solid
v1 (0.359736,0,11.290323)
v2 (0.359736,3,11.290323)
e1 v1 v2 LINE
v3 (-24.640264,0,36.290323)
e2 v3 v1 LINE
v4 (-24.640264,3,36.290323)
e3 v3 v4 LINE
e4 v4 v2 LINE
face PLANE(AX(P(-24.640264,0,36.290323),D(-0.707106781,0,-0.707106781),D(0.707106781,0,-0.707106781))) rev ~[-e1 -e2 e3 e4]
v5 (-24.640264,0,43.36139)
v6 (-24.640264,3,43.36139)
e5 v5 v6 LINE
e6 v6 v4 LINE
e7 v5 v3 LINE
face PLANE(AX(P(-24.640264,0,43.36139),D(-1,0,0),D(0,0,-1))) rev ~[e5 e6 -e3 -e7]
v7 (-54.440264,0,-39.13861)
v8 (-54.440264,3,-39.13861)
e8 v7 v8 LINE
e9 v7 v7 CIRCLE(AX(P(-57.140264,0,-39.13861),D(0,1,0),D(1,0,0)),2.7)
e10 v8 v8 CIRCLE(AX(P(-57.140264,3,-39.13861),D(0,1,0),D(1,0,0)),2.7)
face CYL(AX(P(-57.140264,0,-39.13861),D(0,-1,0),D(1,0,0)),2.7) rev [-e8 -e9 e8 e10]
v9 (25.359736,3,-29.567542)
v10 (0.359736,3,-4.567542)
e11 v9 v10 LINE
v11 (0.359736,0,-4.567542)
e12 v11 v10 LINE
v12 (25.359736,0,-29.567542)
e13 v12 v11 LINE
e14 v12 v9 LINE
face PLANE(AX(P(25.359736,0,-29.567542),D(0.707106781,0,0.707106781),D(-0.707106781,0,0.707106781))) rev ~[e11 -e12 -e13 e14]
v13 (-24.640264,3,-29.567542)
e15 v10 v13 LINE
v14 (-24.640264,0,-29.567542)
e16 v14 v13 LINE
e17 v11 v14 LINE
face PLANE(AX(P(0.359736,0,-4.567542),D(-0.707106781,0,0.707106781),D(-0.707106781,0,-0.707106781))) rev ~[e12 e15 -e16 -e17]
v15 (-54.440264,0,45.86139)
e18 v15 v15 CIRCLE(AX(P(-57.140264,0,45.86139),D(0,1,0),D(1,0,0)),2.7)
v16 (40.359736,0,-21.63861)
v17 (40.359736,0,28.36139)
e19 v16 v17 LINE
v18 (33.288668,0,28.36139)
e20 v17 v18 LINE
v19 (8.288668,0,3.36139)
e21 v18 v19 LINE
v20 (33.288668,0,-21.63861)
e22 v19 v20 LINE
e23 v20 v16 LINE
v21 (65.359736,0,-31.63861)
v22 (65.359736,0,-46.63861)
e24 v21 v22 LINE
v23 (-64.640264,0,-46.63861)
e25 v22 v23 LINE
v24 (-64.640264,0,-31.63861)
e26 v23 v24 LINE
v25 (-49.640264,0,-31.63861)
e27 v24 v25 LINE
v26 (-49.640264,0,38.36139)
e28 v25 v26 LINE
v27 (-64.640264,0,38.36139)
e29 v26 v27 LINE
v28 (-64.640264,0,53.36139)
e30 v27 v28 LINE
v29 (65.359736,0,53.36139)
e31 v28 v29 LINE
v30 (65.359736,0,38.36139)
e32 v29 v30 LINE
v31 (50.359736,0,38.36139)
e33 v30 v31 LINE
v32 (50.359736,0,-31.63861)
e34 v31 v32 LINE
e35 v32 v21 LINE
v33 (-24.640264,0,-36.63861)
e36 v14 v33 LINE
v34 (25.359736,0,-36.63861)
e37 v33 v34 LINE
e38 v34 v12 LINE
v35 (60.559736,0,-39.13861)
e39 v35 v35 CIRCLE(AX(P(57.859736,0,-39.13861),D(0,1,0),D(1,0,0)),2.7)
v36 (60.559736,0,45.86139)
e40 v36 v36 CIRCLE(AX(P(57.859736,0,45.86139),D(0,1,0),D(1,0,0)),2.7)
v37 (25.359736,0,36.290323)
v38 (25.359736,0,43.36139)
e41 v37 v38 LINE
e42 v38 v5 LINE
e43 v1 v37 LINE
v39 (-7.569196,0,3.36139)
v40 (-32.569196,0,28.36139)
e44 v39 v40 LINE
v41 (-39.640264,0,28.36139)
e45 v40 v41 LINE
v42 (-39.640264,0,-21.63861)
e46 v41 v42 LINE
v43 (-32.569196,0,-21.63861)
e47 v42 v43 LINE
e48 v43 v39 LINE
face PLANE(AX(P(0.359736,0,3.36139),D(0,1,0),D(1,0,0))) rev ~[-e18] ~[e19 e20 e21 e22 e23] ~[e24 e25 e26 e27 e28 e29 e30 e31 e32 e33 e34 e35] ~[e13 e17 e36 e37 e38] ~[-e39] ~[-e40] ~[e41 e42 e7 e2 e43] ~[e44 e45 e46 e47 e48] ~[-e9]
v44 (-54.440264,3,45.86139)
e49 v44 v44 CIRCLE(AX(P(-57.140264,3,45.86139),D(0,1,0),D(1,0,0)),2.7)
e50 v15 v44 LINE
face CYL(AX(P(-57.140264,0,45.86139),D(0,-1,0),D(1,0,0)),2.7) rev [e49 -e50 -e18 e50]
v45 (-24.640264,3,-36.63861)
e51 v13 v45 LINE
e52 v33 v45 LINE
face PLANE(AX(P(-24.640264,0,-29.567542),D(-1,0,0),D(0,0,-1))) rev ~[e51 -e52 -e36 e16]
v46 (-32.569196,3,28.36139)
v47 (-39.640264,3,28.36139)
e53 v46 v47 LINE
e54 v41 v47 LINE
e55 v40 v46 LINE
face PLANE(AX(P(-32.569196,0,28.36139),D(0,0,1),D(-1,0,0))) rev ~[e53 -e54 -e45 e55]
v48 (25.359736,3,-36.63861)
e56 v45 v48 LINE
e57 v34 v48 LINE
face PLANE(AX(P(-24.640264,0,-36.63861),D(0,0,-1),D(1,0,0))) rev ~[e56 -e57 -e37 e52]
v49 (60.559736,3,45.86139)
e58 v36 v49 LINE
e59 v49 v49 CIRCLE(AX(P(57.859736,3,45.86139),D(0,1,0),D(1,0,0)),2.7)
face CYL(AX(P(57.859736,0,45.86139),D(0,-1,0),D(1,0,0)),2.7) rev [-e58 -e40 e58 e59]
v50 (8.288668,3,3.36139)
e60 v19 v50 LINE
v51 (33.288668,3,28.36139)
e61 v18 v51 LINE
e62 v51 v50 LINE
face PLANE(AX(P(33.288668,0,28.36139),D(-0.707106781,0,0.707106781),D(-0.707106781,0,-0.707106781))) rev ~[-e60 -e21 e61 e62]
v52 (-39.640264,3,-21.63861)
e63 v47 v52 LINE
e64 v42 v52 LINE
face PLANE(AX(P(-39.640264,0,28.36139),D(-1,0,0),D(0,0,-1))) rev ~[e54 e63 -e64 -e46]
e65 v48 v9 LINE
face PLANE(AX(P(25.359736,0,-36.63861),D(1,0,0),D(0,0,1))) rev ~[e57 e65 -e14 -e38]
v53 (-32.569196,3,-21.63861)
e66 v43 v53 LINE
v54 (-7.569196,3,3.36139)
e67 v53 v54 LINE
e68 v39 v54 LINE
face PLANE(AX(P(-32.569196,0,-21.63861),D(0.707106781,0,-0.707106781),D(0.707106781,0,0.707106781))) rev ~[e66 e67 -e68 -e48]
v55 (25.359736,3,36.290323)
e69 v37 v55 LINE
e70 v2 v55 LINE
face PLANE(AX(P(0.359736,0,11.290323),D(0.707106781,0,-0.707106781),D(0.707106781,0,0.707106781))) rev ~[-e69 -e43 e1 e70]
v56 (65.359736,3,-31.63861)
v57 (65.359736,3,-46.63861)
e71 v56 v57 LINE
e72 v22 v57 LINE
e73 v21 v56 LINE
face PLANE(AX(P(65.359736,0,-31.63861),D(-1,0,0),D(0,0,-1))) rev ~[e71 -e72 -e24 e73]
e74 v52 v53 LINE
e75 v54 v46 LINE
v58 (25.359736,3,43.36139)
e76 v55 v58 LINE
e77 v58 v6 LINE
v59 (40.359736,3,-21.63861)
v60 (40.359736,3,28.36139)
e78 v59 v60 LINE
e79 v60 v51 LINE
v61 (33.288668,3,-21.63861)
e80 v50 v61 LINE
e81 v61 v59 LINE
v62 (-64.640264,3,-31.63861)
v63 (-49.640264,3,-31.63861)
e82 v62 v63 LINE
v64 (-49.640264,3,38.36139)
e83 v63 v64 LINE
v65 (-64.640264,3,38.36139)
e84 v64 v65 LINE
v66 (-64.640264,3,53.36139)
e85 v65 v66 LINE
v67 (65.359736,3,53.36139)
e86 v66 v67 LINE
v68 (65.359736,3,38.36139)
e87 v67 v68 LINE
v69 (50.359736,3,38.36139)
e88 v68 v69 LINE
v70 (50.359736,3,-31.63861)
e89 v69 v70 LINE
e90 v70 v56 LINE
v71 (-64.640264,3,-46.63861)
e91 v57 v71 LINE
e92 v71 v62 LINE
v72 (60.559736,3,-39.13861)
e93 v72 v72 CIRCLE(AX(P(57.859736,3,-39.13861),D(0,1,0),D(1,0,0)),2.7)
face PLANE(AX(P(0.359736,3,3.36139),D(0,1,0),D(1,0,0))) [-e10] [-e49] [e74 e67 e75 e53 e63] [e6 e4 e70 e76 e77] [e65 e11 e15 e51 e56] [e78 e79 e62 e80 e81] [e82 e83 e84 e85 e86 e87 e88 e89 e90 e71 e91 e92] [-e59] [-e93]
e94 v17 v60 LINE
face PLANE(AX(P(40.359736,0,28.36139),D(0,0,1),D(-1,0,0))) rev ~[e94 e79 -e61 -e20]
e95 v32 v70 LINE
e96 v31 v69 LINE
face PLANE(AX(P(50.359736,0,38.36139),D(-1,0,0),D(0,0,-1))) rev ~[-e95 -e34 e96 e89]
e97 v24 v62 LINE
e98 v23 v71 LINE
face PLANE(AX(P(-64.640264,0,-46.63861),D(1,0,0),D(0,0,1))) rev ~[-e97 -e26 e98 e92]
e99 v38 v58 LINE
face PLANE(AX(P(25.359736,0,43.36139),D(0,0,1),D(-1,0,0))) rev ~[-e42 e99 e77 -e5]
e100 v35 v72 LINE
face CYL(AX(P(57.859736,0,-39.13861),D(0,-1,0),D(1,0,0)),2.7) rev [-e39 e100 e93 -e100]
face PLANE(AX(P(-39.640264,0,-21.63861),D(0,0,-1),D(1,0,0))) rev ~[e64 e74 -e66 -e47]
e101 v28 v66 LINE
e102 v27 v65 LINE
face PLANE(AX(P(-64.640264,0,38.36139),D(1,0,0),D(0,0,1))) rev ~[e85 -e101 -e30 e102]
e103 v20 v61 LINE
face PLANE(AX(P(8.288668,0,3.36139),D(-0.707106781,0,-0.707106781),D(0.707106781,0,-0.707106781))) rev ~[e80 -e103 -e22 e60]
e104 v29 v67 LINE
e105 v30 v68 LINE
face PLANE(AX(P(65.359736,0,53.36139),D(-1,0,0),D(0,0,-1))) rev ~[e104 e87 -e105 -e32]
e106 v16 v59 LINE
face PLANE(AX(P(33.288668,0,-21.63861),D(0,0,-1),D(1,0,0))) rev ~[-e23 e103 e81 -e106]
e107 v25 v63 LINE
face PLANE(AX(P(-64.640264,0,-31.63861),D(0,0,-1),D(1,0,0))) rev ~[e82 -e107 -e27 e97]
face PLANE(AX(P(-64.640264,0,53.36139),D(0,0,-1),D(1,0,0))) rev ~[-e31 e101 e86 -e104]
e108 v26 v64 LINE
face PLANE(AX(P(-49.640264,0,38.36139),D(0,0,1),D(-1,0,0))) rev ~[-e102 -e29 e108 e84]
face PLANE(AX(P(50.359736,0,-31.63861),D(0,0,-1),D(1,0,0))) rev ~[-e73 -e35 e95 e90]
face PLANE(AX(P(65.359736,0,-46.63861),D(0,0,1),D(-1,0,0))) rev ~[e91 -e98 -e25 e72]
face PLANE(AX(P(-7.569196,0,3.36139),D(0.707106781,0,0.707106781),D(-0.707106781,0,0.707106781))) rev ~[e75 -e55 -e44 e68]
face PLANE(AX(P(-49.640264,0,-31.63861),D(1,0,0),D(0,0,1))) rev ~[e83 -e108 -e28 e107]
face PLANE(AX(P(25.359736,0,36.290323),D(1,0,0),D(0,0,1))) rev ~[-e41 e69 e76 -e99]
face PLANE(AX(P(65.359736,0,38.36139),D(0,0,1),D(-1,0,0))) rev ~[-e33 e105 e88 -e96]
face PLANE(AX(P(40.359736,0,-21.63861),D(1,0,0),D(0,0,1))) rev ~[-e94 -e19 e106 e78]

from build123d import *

# Parameters (mm, degrees)
SKETCH2_R           = 2.7
BOSS_EXTRUDE2_DEPTH = 3


with BuildPart() as part:
    # Sketch2 → Boss-Extrude2 (new body)
    with BuildSketch(Plane(origin=(0, 0, 0), x_dir=(1, 0, 0), z_dir=(0, 1, 0))):
        Polygon((50.359735974, 46.638609582), (-49.640264026, 46.638609582), (-64.640264026, 46.638609582), (-64.640264026, 31.638609582), (-49.640264026, 31.638609582), (-49.640264026, -38.361390418), (-64.640264026, -38.361390418), (-64.640264026, -53.361390418), (-49.640264026, -53.361390418), (50.359735974, -53.361390418), (65.359735974, -53.361390418), (65.359735974, -38.361390418), (50.359735974, -38.361390418), (50.359735974, 31.638609582), (65.359735974, 31.638609582), (65.359735974, 46.638609582), align=None)
        with Locations((-57.140264026, -45.861390418)):
            Circle(SKETCH2_R, mode=Mode.SUBTRACT)
        Polygon((25.359735974, -43.361390418), (-24.640264026, -43.361390418), (-24.640264026, -36.290322606), (0.359735974, -11.290322606), (25.359735974, -36.290322606), align=None, mode=Mode.SUBTRACT)
        with Locations((57.859735974, -45.861390418)):
            Circle(SKETCH2_R, mode=Mode.SUBTRACT)
        Polygon((-39.640264026, -28.361390418), (-39.640264026, 21.638609582), (-32.569196215, 21.638609582), (-7.569196215, -3.361390418), (-32.569196215, -28.361390418), align=None, mode=Mode.SUBTRACT)
        Polygon((-24.640264026, 29.56754177), (-24.640264026, 36.638609582), (25.359735974, 36.638609582), (25.359735974, 29.56754177), (0.359735974, 4.56754177), align=None, mode=Mode.SUBTRACT)
        with Locations((-57.140264026, 39.138609582)):
            Circle(SKETCH2_R, mode=Mode.SUBTRACT)
        Polygon((33.288668162, 21.638609582), (40.359735974, 21.638609582), (40.359735974, -28.361390418), (33.288668162, -28.361390418), (8.288668162, -3.361390418), align=None, mode=Mode.SUBTRACT)
        with Locations((57.859735974, 39.138609582)):
            Circle(SKETCH2_R, mode=Mode.SUBTRACT)
    extrude(amount=BOSS_EXTRUDE2_DEPTH)


solid = part.part
